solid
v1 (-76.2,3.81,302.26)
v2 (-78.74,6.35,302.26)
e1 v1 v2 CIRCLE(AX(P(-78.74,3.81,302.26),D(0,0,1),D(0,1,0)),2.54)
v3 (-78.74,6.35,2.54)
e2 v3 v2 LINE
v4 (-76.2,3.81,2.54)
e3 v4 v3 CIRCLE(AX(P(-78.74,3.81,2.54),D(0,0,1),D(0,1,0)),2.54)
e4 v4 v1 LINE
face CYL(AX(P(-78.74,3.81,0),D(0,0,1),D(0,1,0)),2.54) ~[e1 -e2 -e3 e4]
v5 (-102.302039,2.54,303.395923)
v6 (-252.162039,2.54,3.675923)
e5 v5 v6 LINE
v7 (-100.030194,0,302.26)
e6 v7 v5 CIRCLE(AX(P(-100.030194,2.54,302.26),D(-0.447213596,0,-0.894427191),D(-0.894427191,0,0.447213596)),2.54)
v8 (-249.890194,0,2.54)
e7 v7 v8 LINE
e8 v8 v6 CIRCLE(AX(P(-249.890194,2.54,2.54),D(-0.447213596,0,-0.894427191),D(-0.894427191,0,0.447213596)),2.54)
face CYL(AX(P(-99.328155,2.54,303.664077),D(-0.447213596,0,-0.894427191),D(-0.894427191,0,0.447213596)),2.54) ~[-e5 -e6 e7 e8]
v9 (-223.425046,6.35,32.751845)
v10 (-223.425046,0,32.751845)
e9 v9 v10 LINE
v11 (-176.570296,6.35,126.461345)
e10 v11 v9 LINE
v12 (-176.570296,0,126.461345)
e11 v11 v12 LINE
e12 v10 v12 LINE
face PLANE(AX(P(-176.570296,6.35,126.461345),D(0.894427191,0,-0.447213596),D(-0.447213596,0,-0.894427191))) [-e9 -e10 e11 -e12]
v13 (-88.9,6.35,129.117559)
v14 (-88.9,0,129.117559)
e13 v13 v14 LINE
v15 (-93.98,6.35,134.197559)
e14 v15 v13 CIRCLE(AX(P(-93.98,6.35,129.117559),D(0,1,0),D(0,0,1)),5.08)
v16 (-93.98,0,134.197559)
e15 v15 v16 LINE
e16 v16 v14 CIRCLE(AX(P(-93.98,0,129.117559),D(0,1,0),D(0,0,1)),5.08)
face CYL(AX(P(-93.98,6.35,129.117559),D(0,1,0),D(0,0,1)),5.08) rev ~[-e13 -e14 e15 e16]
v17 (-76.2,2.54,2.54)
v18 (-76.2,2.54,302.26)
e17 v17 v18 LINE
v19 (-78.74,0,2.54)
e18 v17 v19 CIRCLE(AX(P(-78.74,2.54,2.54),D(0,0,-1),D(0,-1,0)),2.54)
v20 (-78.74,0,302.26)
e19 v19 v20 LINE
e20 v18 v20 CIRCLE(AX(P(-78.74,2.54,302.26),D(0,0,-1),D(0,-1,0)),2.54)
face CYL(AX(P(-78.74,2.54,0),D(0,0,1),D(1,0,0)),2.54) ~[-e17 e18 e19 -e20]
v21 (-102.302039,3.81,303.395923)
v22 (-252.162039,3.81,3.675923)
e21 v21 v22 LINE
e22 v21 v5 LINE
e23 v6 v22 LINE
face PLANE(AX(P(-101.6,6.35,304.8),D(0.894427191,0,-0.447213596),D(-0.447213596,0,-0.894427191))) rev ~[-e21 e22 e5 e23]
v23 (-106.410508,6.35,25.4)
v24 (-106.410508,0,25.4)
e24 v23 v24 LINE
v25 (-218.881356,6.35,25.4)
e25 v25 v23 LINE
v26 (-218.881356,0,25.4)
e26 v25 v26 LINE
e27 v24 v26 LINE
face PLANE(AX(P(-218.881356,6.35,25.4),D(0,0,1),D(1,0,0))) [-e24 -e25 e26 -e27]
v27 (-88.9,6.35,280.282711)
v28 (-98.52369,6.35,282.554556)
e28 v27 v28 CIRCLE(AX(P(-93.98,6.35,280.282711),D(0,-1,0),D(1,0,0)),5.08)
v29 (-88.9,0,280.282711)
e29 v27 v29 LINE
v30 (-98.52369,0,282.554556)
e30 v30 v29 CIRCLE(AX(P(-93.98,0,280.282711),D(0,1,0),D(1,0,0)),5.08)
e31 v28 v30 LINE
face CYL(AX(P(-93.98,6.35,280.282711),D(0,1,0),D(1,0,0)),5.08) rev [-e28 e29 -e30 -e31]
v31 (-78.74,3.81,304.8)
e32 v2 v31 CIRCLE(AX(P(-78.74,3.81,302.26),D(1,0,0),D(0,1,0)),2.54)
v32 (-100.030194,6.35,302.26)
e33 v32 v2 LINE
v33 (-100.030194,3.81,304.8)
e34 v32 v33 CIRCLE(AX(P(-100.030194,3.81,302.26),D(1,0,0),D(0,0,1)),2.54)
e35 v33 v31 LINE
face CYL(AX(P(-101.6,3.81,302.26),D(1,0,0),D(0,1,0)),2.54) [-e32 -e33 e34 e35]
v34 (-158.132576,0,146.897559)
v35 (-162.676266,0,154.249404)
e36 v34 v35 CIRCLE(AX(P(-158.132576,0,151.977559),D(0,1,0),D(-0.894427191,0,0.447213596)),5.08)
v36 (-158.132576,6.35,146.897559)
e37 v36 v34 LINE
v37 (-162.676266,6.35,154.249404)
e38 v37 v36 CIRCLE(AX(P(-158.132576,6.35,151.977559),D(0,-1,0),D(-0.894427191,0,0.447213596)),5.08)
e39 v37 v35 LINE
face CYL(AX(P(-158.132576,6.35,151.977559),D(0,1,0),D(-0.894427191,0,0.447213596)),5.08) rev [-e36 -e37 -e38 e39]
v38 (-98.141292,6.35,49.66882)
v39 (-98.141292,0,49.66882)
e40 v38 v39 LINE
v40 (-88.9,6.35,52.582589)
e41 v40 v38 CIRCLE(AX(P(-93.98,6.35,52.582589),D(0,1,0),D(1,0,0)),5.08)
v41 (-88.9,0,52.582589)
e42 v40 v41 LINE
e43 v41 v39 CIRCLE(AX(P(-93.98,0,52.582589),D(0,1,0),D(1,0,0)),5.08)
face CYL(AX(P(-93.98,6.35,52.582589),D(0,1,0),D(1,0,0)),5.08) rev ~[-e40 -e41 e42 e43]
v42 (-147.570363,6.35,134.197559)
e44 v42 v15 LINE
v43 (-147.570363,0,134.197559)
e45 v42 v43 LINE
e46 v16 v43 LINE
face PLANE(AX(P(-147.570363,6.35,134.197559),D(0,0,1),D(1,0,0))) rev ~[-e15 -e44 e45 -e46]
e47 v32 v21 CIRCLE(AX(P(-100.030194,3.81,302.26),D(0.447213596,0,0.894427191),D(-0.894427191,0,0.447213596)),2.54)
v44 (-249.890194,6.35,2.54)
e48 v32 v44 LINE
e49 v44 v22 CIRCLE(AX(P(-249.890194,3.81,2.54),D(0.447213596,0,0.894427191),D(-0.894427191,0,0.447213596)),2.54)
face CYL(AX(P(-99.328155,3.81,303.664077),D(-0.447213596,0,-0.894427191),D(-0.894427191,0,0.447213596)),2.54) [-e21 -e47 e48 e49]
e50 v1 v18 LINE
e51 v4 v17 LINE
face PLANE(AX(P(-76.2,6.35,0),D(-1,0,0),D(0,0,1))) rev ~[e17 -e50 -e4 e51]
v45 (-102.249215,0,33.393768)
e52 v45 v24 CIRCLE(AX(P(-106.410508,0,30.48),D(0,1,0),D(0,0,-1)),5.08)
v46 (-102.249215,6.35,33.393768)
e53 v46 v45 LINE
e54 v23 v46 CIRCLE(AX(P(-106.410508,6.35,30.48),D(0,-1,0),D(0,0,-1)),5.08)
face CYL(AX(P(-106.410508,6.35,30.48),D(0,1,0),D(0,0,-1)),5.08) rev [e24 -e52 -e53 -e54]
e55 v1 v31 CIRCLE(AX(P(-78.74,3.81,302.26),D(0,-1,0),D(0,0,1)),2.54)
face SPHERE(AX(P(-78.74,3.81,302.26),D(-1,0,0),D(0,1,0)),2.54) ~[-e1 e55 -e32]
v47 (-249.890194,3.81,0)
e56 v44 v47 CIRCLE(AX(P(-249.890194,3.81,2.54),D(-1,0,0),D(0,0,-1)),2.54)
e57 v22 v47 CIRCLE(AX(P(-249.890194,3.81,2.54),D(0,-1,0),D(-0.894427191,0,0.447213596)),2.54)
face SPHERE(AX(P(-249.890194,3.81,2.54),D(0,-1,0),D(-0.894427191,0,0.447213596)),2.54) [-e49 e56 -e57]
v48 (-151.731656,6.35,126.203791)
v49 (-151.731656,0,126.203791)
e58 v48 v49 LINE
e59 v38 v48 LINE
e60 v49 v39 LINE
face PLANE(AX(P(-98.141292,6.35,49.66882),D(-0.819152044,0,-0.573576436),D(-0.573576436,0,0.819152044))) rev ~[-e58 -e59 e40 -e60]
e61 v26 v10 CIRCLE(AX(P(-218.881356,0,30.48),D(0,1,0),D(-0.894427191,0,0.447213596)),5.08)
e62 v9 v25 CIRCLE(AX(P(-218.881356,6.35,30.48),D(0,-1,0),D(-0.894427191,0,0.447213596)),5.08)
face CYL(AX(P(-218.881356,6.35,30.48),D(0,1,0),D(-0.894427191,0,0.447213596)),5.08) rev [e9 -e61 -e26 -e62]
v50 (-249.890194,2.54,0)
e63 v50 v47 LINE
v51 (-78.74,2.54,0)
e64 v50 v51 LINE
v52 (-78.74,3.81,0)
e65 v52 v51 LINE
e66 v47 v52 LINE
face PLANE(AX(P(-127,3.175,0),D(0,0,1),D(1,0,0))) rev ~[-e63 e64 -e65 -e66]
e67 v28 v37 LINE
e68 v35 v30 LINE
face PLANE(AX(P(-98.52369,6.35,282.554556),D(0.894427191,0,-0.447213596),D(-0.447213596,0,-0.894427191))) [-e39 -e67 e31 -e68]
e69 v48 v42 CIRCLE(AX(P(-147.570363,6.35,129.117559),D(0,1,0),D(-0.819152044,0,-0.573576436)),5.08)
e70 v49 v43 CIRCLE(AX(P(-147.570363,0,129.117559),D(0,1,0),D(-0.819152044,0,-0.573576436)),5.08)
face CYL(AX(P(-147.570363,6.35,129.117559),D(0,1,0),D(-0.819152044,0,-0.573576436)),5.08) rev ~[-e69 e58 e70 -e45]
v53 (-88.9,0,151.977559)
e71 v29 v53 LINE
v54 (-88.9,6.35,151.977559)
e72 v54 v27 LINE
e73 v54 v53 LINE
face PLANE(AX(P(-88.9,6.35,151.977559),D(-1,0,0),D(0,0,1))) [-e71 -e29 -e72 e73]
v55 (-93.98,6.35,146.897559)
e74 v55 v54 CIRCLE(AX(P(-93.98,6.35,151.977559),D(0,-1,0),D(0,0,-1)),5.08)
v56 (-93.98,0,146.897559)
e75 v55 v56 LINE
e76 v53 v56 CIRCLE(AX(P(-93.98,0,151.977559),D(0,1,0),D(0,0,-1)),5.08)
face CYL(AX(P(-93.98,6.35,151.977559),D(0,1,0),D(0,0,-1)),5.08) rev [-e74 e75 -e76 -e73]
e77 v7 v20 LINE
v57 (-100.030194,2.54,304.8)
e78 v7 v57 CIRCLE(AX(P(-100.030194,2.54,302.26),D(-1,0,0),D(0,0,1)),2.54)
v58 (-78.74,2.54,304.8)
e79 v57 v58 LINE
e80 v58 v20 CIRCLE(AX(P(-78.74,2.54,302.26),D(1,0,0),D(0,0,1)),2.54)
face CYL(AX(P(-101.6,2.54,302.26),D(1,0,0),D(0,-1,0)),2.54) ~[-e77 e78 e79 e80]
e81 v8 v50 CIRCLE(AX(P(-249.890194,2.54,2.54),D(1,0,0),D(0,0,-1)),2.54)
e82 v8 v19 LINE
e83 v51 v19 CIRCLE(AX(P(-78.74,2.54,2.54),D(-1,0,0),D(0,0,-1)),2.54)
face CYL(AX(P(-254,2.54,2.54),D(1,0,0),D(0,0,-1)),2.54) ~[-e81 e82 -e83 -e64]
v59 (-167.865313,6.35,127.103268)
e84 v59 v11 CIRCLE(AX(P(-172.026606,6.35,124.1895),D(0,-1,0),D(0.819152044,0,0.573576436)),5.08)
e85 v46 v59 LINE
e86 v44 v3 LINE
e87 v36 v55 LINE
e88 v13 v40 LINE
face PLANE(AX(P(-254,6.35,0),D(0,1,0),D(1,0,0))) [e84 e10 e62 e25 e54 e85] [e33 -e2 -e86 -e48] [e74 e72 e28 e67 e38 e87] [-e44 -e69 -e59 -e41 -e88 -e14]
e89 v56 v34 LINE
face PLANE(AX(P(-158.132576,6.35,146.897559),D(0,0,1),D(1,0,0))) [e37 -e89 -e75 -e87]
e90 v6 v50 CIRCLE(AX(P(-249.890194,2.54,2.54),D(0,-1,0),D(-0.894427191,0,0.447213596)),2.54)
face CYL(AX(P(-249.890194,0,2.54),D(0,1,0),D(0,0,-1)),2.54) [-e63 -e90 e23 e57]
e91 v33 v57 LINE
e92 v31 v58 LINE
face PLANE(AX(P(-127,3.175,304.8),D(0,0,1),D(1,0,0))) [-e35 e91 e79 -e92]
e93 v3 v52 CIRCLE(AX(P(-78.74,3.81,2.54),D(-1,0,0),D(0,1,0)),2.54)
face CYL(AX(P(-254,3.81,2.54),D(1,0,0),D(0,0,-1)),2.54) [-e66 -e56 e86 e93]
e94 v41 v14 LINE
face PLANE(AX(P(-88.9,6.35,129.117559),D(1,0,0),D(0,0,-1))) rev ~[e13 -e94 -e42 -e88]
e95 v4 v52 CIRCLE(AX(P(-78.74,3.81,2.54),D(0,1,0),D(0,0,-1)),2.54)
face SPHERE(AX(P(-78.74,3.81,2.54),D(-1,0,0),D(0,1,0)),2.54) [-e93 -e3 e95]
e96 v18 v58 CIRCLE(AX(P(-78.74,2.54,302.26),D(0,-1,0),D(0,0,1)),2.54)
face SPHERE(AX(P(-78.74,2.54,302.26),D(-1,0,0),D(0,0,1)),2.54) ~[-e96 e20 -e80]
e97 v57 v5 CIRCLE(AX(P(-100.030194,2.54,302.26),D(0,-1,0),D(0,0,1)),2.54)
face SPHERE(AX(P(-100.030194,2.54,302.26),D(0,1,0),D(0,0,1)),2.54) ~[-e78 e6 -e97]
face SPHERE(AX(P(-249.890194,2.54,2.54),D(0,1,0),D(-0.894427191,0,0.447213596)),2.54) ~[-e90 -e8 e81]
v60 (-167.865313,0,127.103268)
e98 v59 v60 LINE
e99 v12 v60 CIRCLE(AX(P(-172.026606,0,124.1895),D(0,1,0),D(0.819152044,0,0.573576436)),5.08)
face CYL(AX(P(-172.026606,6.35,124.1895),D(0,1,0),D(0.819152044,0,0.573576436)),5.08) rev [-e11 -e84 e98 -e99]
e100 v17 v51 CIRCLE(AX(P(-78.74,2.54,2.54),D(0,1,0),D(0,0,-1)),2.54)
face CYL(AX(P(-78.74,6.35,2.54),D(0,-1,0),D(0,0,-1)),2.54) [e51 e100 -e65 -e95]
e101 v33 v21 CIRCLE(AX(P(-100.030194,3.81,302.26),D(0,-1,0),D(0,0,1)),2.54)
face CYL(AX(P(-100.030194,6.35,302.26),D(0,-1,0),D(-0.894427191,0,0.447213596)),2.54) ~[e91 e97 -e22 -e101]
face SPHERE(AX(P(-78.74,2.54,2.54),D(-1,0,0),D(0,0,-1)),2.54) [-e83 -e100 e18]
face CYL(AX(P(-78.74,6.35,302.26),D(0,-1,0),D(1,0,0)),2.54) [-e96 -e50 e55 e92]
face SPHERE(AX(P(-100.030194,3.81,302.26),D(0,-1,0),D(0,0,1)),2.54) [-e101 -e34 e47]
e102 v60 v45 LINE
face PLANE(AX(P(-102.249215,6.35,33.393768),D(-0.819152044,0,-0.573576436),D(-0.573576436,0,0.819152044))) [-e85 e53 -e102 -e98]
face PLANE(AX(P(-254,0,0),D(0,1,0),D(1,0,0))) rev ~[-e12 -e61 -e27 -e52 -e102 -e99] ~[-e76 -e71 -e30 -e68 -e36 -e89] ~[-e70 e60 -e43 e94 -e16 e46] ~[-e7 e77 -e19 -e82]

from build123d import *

# Parameters (mm, degrees)
SKETCH1_W           = 254
SKETCH1_H           = 6.35
BOSS_EXTRUDE1_DEPTH = 304.8
CUT_EXTRUDE1_DEPTH  = 304.8
CUT_EXTRUDE2_DEPTH  = 397.811494919
CUT_EXTRUDE3_REACH  = 398.811
FILLET2_R           = 2.54


with BuildPart() as part:
    # Sketch1 → Boss-Extrude1 (new body)
    with BuildSketch(Plane.XY):
        with Locations((-127, 3.175)):
            Rectangle(SKETCH1_W, SKETCH1_H)
    extrude(amount=BOSS_EXTRUDE1_DEPTH)

    # Sketch2 → Cut-Extrude1 (cut)
    with BuildSketch(Plane(origin=(0, 6.35, 0), x_dir=(1, 0, 0), z_dir=(0, 1, 0))):
        Polygon((-101.6, -304.8), (-254, 0), (-254, -304.8), align=None)
    extrude(amount=-CUT_EXTRUDE1_DEPTH, mode=Mode.SUBTRACT)

    # Sketch4 → Cut-Extrude2 (cut, through all)
    with BuildSketch(Plane(origin=(0, 6.35, 0), x_dir=(1, 0, 0), z_dir=(0, 1, 0))):
        Polygon((-76.2, -127), (-76.2, 0), (0, 0), (0, -304.8), (-76.2, -304.8), (-76.2, -177.8), align=None)
    extrude(amount=-CUT_EXTRUDE2_DEPTH, mode=Mode.SUBTRACT)

    # Sketch9 → Cut-Extrude3 (cut, up to next)
    with BuildSketch(Plane(origin=(0, 6.35, 0), x_dir=(1, 0, 0), z_dir=(0, 1, 0)), mode=Mode.PRIVATE) as cut_extrude3_sk1:
        with BuildLine():
            Line((-102.249215459, -33.393768297), (-167.865313489, -127.103267909))
            ThreePointArc((-167.865313489, -127.103267909), (-172.400201066, -129.255743451), (-176.570296004, -126.461344677))
            Line((-176.570296004, -126.461344677), (-223.42504581, -32.751845065))
            ThreePointArc((-223.42504581, -32.751845065), (-223.202661786, -27.80928595), (-218.88135568, -25.4))
            Line((-218.88135568, -25.4), (-106.410507844, -25.4))
            ThreePointArc((-106.410507844, -25.4), (-101.904492811, -28.134317045), (-102.249215459, -33.393768297))
        make_face()
    cut_extrude3_tool1 = extrude(cut_extrude3_sk1.sketch, amount=-CUT_EXTRUDE3_REACH, mode=Mode.PRIVATE) & part.part
    # Sketch9 → Cut-Extrude3 (cut, up to next)
    with BuildSketch(Plane(origin=(0, 6.35, 0), x_dir=(1, 0, 0), z_dir=(0, 1, 0)), mode=Mode.PRIVATE) as cut_extrude3_sk2:
        with BuildLine():
            Line((-158.13257617, -146.897559021), (-93.98, -146.897559021))
            ThreePointArc((-93.98, -146.897559021), (-90.387897552, -148.385456572), (-88.9, -151.977559021))
            Line((-88.9, -151.977559021), (-88.9, -280.28271136))
            ThreePointArc((-88.9, -280.28271136), (-92.812855164, -285.226816227), (-98.52369013, -282.554556425))
            Line((-98.52369013, -282.554556425), (-162.6762663, -154.249404086))
            ThreePointArc((-162.6762663, -154.249404086), (-162.453882276, -149.306844971), (-158.13257617, -146.897559021))
        make_face()
    cut_extrude3_tool2 = extrude(cut_extrude3_sk2.sketch, amount=-CUT_EXTRUDE3_REACH, mode=Mode.PRIVATE) & part.part
    # Sketch9 → Cut-Extrude3 (cut, up to next)
    with BuildSketch(Plane(origin=(0, 6.35, 0), x_dir=(1, 0, 0), z_dir=(0, 1, 0)), mode=Mode.PRIVATE) as cut_extrude3_sk3:
        with BuildLine():
            Line((-98.141292385, -49.668820452), (-151.731655506, -126.203790724))
            ThreePointArc((-151.731655506, -126.203790724), (-152.076378154, -131.463241976), (-147.570363121, -134.197559021))
            Line((-147.570363121, -134.197559021), (-93.98, -134.197559021))
            ThreePointArc((-93.98, -134.197559021), (-90.387897552, -132.709661469), (-88.9, -129.117559021))
            Line((-88.9, -129.117559021), (-88.9, -52.582588748))
            ThreePointArc((-88.9, -52.582588748), (-92.452414539, -47.737706638), (-98.141292385, -49.668820452))
        make_face()
    cut_extrude3_tool3 = extrude(cut_extrude3_sk3.sketch, amount=-CUT_EXTRUDE3_REACH, mode=Mode.PRIVATE) & part.part
    add(cut_extrude3_tool1.solids().sort_by_distance((-165.555188, 6.35, 61.646702))[0], mode=Mode.SUBTRACT)
    add(cut_extrude3_tool2.solids().sort_by_distance((-114.904844, 6.35, 197.54946))[0], mode=Mode.SUBTRACT)
    add(cut_extrude3_tool3.solids().sort_by_distance((-111.777944, 6.35, 102.228886))[0], mode=Mode.SUBTRACT)

    # Fillet2
    fillet2_edges = [part.edges().sort_by_distance(p)[0] for p in [
        (-177.8, 0, 152.4),
        (-177.8, 6.35, 152.4),
        (-101.6, 3.175, 304.8),
        (-165.1, 0, 0),
        (-165.1, 6.35, 0),
        (-88.9, 6.35, 304.8),
        (-88.9, 0, 304.8),
        (-76.2, 6.35, 152.4),
        (-76.2, 3.175, 304.8),
        (-76.2, 3.175, 0),
        (-76.2, 0, 152.4),
        (-254, 3.175, 0),
    ]]
    fillet(fillet2_edges, radius=FILLET2_R)


solid = part.part
